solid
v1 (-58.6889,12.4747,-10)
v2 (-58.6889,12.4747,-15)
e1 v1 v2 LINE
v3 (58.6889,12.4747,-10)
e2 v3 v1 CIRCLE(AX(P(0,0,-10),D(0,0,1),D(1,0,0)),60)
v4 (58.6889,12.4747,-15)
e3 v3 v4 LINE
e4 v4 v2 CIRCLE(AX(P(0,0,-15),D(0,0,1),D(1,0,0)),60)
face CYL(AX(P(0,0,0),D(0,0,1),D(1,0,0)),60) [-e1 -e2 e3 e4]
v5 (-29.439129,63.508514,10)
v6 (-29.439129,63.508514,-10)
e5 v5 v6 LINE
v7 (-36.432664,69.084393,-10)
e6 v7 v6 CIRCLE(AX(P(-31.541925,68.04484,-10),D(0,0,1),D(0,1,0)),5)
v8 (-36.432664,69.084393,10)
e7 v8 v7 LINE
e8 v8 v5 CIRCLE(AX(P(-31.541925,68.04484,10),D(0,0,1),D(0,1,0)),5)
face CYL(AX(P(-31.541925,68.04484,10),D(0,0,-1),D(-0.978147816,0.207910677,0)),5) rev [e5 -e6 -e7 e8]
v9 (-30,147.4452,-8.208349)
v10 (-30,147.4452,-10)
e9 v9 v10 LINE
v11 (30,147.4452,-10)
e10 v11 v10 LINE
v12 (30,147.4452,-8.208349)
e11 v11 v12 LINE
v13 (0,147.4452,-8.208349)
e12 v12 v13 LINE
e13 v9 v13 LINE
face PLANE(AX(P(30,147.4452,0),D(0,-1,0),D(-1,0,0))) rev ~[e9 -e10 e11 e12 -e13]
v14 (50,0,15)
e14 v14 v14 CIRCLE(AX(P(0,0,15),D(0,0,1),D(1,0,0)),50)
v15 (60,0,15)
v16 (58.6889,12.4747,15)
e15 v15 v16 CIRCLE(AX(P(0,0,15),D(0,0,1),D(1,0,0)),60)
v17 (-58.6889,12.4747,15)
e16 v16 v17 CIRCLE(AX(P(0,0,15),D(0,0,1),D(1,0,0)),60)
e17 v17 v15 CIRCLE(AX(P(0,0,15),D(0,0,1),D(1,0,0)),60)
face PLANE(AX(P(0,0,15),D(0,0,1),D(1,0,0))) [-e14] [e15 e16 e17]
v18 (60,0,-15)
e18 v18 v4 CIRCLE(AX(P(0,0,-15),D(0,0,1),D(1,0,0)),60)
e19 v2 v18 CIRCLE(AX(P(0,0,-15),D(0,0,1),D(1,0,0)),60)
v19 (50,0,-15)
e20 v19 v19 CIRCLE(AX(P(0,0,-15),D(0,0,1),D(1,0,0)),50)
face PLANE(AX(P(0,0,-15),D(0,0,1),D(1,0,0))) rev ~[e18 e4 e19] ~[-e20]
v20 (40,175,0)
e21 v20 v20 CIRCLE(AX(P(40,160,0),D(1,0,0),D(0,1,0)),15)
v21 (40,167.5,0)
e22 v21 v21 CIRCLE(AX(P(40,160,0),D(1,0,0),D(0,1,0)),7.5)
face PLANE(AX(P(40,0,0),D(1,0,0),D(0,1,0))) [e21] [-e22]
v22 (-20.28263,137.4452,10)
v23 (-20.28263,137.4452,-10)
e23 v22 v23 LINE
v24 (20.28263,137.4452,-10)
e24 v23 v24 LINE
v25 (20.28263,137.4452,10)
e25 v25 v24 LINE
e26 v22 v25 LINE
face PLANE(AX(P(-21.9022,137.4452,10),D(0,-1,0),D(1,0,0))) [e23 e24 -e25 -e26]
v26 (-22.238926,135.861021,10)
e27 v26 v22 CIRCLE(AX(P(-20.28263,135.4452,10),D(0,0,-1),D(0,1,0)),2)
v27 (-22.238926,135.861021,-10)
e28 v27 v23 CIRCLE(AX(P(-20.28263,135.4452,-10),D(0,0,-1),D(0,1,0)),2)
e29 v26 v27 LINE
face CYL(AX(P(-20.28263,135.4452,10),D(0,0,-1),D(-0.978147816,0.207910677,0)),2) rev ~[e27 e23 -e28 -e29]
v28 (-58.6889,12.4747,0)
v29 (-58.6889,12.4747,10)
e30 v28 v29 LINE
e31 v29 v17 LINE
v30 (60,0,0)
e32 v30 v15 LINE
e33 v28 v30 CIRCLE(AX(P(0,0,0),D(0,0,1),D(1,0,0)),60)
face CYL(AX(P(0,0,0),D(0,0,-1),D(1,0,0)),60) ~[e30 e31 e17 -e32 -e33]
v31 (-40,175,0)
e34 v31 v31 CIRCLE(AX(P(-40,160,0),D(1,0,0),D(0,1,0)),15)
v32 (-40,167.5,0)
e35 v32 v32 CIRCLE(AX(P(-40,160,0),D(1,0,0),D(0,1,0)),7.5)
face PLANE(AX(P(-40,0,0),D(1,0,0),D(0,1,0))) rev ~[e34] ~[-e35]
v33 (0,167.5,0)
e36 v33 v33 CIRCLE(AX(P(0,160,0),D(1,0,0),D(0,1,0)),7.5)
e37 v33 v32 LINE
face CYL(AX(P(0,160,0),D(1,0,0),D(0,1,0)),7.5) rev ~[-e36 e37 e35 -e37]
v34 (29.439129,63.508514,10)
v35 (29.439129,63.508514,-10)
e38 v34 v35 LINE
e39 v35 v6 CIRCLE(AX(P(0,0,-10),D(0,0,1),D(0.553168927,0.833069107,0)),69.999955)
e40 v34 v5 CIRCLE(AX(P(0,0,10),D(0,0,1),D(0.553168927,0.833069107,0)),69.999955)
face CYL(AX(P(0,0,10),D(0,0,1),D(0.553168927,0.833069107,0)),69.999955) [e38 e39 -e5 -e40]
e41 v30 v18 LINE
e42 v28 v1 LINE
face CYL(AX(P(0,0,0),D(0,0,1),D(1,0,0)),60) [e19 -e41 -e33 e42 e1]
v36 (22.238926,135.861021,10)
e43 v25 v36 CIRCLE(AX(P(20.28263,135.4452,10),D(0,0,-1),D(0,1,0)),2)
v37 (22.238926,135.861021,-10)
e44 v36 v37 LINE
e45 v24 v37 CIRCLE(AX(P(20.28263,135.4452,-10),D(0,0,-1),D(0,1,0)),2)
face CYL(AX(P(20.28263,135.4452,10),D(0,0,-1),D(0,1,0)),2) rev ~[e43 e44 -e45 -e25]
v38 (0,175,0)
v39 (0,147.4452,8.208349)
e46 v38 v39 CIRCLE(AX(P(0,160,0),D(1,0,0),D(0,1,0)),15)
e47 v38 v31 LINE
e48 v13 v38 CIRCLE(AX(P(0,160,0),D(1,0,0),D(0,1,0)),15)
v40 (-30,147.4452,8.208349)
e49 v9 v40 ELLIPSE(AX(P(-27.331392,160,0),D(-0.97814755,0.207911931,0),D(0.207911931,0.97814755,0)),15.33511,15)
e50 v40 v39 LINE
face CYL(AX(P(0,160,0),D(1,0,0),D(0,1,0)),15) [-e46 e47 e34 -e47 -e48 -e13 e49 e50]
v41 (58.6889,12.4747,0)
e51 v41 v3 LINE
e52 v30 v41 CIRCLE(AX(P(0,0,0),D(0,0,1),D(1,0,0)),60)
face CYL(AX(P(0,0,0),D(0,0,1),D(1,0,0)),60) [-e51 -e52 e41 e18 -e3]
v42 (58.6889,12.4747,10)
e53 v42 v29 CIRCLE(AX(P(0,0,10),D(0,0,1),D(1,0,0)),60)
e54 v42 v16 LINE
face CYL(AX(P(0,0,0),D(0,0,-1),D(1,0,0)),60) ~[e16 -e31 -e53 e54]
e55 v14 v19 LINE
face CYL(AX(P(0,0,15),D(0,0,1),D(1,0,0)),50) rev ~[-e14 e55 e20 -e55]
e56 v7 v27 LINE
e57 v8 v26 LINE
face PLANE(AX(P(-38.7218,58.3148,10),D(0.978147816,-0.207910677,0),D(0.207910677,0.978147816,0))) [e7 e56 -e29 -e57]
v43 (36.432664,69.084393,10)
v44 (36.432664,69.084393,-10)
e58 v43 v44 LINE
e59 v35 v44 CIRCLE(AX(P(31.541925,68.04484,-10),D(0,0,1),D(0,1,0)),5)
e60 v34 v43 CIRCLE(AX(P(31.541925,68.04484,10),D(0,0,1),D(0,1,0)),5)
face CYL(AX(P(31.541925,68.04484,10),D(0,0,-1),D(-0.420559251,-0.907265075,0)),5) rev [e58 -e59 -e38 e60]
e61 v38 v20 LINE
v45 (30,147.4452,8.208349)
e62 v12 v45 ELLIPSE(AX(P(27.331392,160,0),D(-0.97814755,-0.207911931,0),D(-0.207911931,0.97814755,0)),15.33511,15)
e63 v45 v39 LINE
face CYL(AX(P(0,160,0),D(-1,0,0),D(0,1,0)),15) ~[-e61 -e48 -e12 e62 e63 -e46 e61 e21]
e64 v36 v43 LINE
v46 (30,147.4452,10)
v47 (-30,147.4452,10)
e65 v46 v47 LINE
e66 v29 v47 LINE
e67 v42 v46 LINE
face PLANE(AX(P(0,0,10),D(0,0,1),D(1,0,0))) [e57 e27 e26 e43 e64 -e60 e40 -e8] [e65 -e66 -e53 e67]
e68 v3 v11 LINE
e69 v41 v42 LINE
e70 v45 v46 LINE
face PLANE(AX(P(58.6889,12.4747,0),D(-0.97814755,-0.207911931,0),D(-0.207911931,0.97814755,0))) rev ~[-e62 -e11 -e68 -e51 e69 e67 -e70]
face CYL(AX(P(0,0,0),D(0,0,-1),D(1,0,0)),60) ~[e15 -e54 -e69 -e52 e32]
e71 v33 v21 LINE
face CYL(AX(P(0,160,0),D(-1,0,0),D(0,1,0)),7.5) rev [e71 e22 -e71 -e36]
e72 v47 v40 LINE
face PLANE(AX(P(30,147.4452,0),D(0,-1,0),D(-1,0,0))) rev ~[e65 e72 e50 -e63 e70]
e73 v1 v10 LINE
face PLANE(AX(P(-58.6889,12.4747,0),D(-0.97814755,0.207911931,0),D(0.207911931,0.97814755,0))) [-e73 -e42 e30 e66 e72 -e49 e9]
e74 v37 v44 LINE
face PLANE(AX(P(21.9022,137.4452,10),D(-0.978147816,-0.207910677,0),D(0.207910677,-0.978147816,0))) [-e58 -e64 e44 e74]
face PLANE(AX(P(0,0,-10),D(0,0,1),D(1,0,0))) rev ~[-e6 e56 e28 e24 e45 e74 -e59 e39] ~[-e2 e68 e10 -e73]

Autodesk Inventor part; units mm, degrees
ref_plane "XZ Plane" through (0, 0, 0) normal (0, 1, 0) x (-1, 0, 0)
ref_plane "XY Plane" through (0, 0, 0) normal (0, 0, 1) x (1, 0, 0)
sketch "Skizze1" plane through (0, 0, 0) normal (0, 0, 1) x (1, 0, 0)
  circle A0 centre (0, 0) radius 60
  line L0 (-58.6889, 12.4747) -> (-30, 147.4452)
  line L1 (58.6889, 12.4747) -> (30, 147.4452)
  line L2 (30, 147.4452) -> (-30, 147.4452)
  line L3 (0, 0) -> (0, 147.4452) construction
  dimension "d0" = 120
  dimension "d1" = 24
  dimension "d2" = 60
extrude "Extrusion1" add sketch "Skizze1" along normal mid plane 30 contours A0
extrude "Extrusion2" add sketch "Skizze1" along normal mid plane 20 contours A0 L0 L2 L1
sketch "Skizze2" plane through (0, 0, 15) normal (0, 0, 1) x (1, 0, 0)
  circle A0 centre (0, 0) radius 50
  dimension "d7" = 100
extrude "Extrusion3" cut sketch "Skizze2" against normal up to surface (30 mm away)
ref_plane "Arbeitsebene1" through (0, 0, 0) normal (1, 0, 0) x (0, 1, 0)
sketch "Skizze3" plane through (0, 0, 0) normal (1, 0, 0) x (0, 1, 0)
  line L0 (147.4452, 10) -> (12.4747, 10) projected
  line L1 (12.4747, 10) -> (12.4747, 10) projected
  line L2 (12.4747, 10) -> (147.4452, 10) projected
  circle A0 centre (160, 0) radius 15
  circle A1 centre (160, 0) radius 7.5
  point P0 (0, 0)
  dimension "d11" = 30
  dimension "d12" = 160
  dimension "d13" = 15
extrude "Extrusion4" add sketch "Skizze3" along normal mid plane 80
sketch "Skizze4" plane through (0, 0, 10) normal (0, 0, 1) x (1, 0, 0)
  line L0 (-21.9022, 137.4452) -> (21.9022, 137.4452)
  line L1 (21.9022, 137.4452) -> (38.7218, 58.3148)
  line L2 (-38.7218, 58.3148) -> (-21.9022, 137.4452)
  line L3 (0, 0) -> (0, 147.2716) construction
  line L4 (-30, 147.4452) -> (-58.6889, 12.4747) projected
  line L5 (58.6889, 12.4747) -> (30, 147.4452) projected
  line L6 (30, 147.4452) -> (-30, 147.4452) projected
  arc A0 (38.7218, 58.3148) -> (-38.7218, 58.3148) centre (0, 0) ccw
  circle A1 centre (0, 0) radius 60 projected
  dimension "d16" = 10
  dimension "d17" = 10
  dimension "d18" = 70
extrude "Extrusion5" cut sketch "Skizze4" against normal up to surface (20 mm away) contours L0 L1 A0 L2
fillet "Rundung1" radius 5 2 edges at (-38.7218, 58.3148, 0) (38.7218, 58.3148, 0)
fillet "Rundung2" radius 2 2 edges at (21.9022, 137.4452, 0) (-21.9022, 137.4452, 0)
properties part number "Excercise4" material "Stahl, galvanisiert"
